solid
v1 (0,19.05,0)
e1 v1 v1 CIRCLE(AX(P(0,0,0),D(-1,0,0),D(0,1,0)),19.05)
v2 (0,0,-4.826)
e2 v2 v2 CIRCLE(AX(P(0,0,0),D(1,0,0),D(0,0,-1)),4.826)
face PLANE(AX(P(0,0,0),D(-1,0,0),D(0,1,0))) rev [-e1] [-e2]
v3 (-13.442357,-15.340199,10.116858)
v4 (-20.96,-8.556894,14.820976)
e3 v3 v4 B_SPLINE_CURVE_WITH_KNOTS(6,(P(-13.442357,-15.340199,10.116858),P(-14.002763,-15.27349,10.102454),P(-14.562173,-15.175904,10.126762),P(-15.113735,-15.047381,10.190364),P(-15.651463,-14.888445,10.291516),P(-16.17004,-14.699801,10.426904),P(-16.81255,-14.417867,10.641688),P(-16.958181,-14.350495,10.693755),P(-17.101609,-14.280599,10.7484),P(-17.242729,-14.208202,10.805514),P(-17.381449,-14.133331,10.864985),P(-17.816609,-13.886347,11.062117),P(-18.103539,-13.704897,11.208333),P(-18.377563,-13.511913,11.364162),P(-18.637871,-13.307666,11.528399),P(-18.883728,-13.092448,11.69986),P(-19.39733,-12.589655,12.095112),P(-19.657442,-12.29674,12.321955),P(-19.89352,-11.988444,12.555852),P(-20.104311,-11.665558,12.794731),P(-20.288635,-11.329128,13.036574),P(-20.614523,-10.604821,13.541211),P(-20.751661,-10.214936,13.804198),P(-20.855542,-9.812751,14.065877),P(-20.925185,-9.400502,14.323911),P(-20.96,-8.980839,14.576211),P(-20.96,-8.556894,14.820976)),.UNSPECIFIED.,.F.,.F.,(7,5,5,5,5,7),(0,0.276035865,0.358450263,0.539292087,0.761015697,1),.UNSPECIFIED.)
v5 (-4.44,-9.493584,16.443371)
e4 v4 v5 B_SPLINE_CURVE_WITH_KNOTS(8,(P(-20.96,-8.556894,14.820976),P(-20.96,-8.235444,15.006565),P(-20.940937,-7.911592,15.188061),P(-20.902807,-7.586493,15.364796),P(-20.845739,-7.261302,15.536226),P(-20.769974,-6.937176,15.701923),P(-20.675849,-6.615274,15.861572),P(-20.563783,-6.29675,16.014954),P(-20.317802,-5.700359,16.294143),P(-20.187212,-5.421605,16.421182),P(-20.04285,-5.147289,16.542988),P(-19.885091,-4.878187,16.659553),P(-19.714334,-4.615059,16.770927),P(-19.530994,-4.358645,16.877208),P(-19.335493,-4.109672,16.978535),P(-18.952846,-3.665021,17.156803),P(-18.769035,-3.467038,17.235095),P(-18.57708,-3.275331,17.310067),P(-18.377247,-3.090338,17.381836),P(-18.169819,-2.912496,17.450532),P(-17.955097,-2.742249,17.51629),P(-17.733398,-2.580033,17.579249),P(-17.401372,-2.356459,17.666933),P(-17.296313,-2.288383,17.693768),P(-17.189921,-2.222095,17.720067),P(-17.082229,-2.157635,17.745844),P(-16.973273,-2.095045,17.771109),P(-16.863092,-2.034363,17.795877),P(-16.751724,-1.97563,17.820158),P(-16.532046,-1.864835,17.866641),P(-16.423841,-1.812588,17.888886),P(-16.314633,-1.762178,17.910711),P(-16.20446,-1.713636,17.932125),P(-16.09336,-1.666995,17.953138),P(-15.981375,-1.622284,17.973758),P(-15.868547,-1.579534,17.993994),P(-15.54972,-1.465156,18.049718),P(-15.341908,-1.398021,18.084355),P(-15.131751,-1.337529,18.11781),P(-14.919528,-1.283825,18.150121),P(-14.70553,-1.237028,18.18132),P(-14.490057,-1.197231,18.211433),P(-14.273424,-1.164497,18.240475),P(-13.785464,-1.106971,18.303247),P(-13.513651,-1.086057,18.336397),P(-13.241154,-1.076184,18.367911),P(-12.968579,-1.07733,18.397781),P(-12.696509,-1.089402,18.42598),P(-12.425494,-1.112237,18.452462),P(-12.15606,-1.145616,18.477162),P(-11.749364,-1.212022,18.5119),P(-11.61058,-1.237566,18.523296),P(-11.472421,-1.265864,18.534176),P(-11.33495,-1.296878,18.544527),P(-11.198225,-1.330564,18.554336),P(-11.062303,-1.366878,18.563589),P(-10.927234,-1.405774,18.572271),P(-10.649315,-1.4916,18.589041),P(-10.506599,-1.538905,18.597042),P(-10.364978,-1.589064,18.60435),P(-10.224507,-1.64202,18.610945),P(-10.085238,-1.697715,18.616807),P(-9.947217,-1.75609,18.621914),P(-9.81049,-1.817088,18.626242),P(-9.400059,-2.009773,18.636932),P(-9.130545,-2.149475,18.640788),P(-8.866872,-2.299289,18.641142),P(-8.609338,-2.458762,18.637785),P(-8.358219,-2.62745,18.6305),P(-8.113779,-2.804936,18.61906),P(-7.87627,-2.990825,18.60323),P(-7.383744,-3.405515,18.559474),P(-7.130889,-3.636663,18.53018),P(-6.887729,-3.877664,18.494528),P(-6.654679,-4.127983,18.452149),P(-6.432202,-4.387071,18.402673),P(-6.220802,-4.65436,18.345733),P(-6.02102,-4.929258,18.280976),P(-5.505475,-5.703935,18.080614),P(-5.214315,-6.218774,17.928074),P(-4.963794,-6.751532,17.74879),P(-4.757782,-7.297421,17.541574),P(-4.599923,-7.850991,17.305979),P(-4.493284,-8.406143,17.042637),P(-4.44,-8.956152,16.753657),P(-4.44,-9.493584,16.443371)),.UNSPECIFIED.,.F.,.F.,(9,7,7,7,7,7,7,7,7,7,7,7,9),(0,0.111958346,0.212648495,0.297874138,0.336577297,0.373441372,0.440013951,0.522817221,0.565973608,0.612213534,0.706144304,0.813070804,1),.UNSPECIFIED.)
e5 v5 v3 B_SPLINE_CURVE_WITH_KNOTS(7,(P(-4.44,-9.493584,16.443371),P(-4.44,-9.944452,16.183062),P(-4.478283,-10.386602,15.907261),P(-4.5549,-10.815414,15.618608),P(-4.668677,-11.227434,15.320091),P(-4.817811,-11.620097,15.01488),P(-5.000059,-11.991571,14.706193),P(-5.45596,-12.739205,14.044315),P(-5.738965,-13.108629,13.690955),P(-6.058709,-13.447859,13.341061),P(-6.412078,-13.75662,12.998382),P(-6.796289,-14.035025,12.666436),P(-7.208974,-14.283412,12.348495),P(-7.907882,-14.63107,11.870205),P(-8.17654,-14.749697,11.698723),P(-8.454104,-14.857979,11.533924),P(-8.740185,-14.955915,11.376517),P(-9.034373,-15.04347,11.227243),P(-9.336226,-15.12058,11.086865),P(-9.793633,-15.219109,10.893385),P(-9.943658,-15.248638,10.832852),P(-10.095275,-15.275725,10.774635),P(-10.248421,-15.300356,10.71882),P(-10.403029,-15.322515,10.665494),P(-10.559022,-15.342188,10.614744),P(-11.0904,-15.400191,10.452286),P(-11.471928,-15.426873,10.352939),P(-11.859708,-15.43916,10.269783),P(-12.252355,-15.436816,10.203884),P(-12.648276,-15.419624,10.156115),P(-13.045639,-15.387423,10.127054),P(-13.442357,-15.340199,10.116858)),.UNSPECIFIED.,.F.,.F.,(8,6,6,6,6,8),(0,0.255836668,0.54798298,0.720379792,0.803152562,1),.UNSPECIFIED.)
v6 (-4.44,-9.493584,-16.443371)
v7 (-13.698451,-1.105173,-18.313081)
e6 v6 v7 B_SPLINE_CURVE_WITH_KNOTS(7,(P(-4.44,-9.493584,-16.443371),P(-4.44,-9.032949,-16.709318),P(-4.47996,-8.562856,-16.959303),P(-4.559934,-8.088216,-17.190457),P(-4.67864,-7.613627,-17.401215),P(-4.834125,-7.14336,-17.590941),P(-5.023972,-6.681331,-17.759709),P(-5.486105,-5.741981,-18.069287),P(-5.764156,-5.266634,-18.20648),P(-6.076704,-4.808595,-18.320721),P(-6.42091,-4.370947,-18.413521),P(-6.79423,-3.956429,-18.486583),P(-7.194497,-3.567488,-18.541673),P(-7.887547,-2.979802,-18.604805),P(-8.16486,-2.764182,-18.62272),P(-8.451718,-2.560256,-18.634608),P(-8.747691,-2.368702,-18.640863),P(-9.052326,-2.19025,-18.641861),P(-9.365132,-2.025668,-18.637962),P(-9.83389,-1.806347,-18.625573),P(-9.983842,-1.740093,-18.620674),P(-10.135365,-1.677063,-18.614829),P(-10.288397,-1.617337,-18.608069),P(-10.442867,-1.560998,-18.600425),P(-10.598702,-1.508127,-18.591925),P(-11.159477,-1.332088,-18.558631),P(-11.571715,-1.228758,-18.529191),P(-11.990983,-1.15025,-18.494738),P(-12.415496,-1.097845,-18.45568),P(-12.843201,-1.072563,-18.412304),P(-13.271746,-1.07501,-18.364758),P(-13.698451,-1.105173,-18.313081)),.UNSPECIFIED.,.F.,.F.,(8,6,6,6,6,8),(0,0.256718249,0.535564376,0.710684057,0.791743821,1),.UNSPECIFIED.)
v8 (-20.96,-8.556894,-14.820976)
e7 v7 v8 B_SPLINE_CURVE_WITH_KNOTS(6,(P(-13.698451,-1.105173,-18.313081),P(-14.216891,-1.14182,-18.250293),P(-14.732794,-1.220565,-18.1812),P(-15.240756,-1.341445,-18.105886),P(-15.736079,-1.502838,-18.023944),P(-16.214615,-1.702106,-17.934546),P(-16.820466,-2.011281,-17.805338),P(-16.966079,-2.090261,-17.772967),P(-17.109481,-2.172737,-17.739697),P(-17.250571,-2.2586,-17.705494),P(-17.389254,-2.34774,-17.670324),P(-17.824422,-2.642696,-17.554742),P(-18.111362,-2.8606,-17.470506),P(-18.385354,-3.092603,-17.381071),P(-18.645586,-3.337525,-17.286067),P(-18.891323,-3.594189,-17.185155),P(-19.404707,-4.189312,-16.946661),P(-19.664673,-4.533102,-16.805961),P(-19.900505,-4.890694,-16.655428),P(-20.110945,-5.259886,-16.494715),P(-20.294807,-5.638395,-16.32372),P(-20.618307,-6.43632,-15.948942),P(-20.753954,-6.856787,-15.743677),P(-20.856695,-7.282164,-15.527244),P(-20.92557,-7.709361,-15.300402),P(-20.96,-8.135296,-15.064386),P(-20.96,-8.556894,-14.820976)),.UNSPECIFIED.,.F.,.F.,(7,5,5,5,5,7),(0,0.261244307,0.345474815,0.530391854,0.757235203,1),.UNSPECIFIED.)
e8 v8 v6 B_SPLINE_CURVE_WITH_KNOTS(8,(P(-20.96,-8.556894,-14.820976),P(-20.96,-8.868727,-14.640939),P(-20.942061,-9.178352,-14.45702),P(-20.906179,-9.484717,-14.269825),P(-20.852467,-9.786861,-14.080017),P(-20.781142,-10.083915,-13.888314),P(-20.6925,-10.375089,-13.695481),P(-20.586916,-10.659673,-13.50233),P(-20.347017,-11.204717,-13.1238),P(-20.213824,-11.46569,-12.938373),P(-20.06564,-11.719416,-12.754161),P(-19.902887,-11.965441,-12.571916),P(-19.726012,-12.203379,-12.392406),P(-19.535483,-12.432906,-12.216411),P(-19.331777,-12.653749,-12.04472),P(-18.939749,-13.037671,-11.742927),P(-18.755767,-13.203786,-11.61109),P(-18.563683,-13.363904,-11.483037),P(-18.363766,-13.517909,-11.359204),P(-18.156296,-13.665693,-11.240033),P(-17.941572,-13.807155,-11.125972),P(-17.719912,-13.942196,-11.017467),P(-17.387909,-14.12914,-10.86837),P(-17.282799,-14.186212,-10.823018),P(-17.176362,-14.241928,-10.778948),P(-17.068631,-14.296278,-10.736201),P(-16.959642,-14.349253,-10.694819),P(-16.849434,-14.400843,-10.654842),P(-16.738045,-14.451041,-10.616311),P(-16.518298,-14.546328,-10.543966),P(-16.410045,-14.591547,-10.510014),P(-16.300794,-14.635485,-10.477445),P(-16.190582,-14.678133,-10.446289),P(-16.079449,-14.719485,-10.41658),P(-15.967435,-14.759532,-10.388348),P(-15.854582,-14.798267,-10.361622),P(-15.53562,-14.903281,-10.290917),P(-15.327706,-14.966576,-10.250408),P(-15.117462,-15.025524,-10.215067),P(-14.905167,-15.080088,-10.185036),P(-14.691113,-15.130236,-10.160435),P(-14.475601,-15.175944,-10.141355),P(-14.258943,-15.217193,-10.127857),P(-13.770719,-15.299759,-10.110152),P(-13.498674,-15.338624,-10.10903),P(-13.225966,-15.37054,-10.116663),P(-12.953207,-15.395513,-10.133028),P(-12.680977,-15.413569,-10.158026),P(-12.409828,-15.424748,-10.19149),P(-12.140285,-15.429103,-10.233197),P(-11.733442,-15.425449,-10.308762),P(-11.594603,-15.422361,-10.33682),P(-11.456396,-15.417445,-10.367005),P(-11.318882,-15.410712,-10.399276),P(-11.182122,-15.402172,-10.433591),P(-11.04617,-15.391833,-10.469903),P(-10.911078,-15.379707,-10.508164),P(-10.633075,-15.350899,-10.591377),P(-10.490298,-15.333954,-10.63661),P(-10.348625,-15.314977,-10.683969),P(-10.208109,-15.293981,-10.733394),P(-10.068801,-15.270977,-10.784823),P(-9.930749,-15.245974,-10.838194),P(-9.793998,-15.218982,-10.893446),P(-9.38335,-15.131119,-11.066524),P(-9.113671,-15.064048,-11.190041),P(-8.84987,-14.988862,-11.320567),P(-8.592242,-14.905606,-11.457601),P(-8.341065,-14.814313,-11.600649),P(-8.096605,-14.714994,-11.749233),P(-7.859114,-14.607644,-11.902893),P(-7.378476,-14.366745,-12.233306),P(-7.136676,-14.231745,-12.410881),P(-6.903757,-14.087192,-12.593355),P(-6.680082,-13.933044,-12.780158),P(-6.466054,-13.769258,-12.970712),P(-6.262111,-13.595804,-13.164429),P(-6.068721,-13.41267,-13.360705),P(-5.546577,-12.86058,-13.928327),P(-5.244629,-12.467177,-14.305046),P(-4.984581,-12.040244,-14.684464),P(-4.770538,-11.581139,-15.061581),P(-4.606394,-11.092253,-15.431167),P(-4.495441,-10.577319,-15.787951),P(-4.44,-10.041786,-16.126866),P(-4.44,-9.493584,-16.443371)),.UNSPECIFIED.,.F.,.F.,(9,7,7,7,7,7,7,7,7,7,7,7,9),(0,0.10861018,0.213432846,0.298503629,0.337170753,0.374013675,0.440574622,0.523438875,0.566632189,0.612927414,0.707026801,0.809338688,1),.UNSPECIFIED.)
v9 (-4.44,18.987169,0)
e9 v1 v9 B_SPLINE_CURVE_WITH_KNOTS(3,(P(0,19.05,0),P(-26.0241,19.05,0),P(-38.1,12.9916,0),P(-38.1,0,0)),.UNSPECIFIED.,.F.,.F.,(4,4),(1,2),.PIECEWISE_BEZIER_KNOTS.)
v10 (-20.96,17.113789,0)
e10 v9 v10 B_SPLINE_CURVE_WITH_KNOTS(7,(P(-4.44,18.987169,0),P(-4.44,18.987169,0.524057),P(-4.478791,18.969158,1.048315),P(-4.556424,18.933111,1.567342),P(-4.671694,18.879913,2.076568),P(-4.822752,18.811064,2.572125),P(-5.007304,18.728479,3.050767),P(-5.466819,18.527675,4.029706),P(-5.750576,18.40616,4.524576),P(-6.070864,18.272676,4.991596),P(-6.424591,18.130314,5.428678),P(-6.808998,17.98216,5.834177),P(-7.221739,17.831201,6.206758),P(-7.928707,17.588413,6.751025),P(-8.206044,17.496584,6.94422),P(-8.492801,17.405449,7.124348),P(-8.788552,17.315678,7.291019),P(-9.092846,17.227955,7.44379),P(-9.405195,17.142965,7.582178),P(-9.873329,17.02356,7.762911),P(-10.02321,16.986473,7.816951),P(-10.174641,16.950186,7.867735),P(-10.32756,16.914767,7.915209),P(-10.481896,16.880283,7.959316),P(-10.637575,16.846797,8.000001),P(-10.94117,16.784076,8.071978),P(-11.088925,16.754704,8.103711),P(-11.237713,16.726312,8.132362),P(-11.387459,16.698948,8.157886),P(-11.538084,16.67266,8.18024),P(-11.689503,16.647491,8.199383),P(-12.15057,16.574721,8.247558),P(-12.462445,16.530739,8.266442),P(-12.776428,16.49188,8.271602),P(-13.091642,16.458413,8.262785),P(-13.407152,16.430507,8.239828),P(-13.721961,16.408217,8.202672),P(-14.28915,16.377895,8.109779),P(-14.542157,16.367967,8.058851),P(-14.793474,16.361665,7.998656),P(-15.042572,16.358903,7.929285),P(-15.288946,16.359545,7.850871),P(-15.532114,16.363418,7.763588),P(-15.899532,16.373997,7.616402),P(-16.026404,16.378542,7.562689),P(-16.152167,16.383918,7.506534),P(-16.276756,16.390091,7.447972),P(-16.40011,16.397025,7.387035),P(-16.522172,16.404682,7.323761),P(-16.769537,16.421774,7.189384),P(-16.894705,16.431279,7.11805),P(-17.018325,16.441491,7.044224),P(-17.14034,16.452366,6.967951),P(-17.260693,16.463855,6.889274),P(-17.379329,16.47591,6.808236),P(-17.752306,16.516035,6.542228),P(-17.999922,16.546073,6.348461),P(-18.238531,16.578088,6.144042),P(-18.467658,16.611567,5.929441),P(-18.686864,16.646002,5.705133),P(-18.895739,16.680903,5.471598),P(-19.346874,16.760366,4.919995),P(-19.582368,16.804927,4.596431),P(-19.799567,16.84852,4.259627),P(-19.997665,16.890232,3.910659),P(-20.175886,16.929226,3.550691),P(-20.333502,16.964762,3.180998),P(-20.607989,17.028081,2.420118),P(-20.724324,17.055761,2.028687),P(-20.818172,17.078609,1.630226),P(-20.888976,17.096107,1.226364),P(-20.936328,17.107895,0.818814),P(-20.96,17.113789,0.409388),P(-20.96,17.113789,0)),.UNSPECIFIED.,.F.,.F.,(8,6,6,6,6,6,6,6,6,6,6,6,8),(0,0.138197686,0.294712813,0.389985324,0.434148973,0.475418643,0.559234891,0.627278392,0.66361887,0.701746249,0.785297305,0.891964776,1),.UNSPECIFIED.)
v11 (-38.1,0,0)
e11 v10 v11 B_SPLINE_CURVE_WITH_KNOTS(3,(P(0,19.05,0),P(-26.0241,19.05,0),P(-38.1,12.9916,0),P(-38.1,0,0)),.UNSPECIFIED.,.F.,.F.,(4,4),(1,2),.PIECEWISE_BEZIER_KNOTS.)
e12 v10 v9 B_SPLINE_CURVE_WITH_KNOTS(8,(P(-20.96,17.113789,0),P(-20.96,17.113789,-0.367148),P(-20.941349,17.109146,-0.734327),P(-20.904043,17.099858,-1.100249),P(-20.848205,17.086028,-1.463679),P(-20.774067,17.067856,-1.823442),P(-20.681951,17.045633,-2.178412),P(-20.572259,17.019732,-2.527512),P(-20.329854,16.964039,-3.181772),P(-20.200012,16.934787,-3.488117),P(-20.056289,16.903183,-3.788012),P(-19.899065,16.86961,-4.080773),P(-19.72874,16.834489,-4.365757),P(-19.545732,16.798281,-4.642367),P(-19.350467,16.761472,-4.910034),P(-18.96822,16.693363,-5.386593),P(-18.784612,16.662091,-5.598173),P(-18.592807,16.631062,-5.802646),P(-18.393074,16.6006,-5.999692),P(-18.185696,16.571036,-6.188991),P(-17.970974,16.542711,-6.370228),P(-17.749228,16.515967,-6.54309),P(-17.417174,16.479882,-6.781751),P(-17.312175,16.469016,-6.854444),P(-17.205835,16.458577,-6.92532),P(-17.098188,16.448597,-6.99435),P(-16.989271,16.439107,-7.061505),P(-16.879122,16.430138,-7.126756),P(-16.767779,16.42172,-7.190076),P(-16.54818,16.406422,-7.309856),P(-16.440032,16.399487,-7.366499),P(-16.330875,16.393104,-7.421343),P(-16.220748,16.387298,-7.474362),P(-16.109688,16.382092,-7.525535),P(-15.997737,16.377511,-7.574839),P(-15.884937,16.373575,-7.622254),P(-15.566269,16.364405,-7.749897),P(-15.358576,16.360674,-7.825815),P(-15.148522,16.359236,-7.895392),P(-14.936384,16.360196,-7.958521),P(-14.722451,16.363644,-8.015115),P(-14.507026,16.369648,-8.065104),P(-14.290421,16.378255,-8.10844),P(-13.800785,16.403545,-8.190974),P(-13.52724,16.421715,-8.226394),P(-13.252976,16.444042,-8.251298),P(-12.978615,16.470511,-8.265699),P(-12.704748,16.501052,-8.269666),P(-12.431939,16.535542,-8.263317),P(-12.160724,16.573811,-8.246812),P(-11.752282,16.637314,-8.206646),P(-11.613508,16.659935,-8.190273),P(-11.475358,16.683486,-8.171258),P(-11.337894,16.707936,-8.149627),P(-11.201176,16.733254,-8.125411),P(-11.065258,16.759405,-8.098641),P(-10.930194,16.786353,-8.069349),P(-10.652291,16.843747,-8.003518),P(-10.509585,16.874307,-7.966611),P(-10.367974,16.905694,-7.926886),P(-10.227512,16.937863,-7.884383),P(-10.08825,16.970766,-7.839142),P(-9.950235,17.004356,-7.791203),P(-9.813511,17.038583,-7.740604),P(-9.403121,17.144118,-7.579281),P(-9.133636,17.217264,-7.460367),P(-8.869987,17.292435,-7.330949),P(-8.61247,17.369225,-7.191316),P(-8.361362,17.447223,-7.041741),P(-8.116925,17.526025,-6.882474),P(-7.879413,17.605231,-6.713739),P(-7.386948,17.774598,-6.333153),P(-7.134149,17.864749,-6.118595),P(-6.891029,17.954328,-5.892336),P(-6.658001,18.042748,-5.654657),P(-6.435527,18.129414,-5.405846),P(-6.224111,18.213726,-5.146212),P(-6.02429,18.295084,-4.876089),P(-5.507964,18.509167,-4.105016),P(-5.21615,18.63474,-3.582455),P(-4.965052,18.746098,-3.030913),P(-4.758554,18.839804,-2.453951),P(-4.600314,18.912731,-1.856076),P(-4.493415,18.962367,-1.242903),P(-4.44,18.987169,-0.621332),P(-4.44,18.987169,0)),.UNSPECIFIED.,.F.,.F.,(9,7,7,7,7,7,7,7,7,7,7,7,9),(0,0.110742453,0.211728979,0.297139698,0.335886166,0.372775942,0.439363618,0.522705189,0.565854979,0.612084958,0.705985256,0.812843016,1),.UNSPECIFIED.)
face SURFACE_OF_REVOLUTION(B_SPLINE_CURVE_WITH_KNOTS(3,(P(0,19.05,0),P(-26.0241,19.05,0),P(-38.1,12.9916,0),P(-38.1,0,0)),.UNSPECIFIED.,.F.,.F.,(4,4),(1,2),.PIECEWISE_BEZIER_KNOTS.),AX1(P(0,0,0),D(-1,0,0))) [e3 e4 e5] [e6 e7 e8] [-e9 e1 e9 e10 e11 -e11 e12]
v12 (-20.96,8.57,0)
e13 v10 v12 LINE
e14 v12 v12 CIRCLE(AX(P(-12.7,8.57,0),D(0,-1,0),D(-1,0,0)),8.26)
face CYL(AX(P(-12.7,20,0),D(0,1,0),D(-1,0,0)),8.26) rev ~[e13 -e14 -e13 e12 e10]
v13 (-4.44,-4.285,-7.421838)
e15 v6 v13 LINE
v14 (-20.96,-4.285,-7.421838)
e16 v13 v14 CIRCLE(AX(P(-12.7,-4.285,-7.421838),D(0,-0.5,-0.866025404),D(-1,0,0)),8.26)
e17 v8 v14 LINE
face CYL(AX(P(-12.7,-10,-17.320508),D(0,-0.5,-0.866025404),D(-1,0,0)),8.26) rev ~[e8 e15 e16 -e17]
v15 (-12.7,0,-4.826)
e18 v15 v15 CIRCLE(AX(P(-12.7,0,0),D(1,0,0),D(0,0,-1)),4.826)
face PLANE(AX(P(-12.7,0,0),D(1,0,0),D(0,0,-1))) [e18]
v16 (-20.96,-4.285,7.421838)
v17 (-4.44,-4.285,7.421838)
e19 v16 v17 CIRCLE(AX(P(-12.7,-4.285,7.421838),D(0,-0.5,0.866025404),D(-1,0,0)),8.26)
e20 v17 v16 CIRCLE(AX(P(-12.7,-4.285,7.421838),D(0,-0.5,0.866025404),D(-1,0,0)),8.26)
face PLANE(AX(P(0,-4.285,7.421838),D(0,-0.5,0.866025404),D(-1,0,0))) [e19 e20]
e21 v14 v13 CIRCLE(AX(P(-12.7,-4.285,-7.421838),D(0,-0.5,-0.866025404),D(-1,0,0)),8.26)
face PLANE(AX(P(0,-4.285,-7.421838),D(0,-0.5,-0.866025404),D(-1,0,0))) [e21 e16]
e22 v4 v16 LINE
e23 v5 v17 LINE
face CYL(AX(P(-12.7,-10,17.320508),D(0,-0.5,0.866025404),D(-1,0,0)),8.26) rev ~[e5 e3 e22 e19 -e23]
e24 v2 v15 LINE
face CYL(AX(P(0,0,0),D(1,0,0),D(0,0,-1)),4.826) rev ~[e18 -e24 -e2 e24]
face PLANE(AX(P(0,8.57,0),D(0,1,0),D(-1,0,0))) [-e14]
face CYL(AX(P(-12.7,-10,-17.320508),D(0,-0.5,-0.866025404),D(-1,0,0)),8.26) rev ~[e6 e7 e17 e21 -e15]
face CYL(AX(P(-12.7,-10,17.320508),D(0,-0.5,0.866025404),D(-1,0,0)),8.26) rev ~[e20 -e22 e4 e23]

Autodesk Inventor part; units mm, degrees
ref_plane "YZ Plane" through (0, 0, 0) normal (1, 0, 0) x (0, 1, 0)
ref_plane "XY Plane" through (0, 0, 0) normal (0, 0, 1) x (1, 0, 0)
sketch "Sketch1" plane through (0, 0, 0) normal (0, 0, 1) x (1, 0, 0)
  line L0 (0, 0) -> (-38.1, 0)
  line L1 (0, 0) -> (0, 19.05)
  line L2 (0, 19.05) -> (-26.0241, 19.05) construction
  spline S0 degree 3 poles (0, 19.05) (-26.0241, 19.05) (-38.1, 12.9916) (-38.1, 0) knots 1 1 1 1 2 2 2 2
  line L3 (-38.1, 12.9916) -> (-38.1, 0) construction
  line L4 (-26.0241, 19.05) -> (-38.1, 12.9916) construction
  dimension "d0" = 38.1
  dimension "d1" = 19.05
revolve "Revolution1" add sketch "Sketch1" angle 360 about axis through (0, 0, 0) along (-1, 0, 0)
ref_plane "Work Plane1" through (0, 20, 0) normal (0, 1, 0) x (-1, 0, 0)
sketch "Sketch2" plane through (0, 20, 0) normal (0, 1, 0) x (-1, 0, 0)
  circle A0 centre (12.7, 0) radius 8.26
  line L0 (0, 0) -> (12.7, 0)
  dimension "d4" = 12.7
  dimension "d5" = 16.52
extrude "Extrusion1" cut sketch "Sketch2" against normal blind 11.43
pattern_circular "Circular Pattern1" count 3 over 360 about axis through (-10, 0, 0) along (1, 0, 0) of "Extrusion1"
sketch "Sketch3" plane through (0, 0, 0) normal (1, 0, 0) x (0, 0, -1)
  circle A0 centre (0, 0) radius 4.826
  dimension "d11" = 9.652
extrude "Extrusion2" cut sketch "Sketch3" against normal blind 12.7
properties part number "Rotor" material "Iron, Malleable"
